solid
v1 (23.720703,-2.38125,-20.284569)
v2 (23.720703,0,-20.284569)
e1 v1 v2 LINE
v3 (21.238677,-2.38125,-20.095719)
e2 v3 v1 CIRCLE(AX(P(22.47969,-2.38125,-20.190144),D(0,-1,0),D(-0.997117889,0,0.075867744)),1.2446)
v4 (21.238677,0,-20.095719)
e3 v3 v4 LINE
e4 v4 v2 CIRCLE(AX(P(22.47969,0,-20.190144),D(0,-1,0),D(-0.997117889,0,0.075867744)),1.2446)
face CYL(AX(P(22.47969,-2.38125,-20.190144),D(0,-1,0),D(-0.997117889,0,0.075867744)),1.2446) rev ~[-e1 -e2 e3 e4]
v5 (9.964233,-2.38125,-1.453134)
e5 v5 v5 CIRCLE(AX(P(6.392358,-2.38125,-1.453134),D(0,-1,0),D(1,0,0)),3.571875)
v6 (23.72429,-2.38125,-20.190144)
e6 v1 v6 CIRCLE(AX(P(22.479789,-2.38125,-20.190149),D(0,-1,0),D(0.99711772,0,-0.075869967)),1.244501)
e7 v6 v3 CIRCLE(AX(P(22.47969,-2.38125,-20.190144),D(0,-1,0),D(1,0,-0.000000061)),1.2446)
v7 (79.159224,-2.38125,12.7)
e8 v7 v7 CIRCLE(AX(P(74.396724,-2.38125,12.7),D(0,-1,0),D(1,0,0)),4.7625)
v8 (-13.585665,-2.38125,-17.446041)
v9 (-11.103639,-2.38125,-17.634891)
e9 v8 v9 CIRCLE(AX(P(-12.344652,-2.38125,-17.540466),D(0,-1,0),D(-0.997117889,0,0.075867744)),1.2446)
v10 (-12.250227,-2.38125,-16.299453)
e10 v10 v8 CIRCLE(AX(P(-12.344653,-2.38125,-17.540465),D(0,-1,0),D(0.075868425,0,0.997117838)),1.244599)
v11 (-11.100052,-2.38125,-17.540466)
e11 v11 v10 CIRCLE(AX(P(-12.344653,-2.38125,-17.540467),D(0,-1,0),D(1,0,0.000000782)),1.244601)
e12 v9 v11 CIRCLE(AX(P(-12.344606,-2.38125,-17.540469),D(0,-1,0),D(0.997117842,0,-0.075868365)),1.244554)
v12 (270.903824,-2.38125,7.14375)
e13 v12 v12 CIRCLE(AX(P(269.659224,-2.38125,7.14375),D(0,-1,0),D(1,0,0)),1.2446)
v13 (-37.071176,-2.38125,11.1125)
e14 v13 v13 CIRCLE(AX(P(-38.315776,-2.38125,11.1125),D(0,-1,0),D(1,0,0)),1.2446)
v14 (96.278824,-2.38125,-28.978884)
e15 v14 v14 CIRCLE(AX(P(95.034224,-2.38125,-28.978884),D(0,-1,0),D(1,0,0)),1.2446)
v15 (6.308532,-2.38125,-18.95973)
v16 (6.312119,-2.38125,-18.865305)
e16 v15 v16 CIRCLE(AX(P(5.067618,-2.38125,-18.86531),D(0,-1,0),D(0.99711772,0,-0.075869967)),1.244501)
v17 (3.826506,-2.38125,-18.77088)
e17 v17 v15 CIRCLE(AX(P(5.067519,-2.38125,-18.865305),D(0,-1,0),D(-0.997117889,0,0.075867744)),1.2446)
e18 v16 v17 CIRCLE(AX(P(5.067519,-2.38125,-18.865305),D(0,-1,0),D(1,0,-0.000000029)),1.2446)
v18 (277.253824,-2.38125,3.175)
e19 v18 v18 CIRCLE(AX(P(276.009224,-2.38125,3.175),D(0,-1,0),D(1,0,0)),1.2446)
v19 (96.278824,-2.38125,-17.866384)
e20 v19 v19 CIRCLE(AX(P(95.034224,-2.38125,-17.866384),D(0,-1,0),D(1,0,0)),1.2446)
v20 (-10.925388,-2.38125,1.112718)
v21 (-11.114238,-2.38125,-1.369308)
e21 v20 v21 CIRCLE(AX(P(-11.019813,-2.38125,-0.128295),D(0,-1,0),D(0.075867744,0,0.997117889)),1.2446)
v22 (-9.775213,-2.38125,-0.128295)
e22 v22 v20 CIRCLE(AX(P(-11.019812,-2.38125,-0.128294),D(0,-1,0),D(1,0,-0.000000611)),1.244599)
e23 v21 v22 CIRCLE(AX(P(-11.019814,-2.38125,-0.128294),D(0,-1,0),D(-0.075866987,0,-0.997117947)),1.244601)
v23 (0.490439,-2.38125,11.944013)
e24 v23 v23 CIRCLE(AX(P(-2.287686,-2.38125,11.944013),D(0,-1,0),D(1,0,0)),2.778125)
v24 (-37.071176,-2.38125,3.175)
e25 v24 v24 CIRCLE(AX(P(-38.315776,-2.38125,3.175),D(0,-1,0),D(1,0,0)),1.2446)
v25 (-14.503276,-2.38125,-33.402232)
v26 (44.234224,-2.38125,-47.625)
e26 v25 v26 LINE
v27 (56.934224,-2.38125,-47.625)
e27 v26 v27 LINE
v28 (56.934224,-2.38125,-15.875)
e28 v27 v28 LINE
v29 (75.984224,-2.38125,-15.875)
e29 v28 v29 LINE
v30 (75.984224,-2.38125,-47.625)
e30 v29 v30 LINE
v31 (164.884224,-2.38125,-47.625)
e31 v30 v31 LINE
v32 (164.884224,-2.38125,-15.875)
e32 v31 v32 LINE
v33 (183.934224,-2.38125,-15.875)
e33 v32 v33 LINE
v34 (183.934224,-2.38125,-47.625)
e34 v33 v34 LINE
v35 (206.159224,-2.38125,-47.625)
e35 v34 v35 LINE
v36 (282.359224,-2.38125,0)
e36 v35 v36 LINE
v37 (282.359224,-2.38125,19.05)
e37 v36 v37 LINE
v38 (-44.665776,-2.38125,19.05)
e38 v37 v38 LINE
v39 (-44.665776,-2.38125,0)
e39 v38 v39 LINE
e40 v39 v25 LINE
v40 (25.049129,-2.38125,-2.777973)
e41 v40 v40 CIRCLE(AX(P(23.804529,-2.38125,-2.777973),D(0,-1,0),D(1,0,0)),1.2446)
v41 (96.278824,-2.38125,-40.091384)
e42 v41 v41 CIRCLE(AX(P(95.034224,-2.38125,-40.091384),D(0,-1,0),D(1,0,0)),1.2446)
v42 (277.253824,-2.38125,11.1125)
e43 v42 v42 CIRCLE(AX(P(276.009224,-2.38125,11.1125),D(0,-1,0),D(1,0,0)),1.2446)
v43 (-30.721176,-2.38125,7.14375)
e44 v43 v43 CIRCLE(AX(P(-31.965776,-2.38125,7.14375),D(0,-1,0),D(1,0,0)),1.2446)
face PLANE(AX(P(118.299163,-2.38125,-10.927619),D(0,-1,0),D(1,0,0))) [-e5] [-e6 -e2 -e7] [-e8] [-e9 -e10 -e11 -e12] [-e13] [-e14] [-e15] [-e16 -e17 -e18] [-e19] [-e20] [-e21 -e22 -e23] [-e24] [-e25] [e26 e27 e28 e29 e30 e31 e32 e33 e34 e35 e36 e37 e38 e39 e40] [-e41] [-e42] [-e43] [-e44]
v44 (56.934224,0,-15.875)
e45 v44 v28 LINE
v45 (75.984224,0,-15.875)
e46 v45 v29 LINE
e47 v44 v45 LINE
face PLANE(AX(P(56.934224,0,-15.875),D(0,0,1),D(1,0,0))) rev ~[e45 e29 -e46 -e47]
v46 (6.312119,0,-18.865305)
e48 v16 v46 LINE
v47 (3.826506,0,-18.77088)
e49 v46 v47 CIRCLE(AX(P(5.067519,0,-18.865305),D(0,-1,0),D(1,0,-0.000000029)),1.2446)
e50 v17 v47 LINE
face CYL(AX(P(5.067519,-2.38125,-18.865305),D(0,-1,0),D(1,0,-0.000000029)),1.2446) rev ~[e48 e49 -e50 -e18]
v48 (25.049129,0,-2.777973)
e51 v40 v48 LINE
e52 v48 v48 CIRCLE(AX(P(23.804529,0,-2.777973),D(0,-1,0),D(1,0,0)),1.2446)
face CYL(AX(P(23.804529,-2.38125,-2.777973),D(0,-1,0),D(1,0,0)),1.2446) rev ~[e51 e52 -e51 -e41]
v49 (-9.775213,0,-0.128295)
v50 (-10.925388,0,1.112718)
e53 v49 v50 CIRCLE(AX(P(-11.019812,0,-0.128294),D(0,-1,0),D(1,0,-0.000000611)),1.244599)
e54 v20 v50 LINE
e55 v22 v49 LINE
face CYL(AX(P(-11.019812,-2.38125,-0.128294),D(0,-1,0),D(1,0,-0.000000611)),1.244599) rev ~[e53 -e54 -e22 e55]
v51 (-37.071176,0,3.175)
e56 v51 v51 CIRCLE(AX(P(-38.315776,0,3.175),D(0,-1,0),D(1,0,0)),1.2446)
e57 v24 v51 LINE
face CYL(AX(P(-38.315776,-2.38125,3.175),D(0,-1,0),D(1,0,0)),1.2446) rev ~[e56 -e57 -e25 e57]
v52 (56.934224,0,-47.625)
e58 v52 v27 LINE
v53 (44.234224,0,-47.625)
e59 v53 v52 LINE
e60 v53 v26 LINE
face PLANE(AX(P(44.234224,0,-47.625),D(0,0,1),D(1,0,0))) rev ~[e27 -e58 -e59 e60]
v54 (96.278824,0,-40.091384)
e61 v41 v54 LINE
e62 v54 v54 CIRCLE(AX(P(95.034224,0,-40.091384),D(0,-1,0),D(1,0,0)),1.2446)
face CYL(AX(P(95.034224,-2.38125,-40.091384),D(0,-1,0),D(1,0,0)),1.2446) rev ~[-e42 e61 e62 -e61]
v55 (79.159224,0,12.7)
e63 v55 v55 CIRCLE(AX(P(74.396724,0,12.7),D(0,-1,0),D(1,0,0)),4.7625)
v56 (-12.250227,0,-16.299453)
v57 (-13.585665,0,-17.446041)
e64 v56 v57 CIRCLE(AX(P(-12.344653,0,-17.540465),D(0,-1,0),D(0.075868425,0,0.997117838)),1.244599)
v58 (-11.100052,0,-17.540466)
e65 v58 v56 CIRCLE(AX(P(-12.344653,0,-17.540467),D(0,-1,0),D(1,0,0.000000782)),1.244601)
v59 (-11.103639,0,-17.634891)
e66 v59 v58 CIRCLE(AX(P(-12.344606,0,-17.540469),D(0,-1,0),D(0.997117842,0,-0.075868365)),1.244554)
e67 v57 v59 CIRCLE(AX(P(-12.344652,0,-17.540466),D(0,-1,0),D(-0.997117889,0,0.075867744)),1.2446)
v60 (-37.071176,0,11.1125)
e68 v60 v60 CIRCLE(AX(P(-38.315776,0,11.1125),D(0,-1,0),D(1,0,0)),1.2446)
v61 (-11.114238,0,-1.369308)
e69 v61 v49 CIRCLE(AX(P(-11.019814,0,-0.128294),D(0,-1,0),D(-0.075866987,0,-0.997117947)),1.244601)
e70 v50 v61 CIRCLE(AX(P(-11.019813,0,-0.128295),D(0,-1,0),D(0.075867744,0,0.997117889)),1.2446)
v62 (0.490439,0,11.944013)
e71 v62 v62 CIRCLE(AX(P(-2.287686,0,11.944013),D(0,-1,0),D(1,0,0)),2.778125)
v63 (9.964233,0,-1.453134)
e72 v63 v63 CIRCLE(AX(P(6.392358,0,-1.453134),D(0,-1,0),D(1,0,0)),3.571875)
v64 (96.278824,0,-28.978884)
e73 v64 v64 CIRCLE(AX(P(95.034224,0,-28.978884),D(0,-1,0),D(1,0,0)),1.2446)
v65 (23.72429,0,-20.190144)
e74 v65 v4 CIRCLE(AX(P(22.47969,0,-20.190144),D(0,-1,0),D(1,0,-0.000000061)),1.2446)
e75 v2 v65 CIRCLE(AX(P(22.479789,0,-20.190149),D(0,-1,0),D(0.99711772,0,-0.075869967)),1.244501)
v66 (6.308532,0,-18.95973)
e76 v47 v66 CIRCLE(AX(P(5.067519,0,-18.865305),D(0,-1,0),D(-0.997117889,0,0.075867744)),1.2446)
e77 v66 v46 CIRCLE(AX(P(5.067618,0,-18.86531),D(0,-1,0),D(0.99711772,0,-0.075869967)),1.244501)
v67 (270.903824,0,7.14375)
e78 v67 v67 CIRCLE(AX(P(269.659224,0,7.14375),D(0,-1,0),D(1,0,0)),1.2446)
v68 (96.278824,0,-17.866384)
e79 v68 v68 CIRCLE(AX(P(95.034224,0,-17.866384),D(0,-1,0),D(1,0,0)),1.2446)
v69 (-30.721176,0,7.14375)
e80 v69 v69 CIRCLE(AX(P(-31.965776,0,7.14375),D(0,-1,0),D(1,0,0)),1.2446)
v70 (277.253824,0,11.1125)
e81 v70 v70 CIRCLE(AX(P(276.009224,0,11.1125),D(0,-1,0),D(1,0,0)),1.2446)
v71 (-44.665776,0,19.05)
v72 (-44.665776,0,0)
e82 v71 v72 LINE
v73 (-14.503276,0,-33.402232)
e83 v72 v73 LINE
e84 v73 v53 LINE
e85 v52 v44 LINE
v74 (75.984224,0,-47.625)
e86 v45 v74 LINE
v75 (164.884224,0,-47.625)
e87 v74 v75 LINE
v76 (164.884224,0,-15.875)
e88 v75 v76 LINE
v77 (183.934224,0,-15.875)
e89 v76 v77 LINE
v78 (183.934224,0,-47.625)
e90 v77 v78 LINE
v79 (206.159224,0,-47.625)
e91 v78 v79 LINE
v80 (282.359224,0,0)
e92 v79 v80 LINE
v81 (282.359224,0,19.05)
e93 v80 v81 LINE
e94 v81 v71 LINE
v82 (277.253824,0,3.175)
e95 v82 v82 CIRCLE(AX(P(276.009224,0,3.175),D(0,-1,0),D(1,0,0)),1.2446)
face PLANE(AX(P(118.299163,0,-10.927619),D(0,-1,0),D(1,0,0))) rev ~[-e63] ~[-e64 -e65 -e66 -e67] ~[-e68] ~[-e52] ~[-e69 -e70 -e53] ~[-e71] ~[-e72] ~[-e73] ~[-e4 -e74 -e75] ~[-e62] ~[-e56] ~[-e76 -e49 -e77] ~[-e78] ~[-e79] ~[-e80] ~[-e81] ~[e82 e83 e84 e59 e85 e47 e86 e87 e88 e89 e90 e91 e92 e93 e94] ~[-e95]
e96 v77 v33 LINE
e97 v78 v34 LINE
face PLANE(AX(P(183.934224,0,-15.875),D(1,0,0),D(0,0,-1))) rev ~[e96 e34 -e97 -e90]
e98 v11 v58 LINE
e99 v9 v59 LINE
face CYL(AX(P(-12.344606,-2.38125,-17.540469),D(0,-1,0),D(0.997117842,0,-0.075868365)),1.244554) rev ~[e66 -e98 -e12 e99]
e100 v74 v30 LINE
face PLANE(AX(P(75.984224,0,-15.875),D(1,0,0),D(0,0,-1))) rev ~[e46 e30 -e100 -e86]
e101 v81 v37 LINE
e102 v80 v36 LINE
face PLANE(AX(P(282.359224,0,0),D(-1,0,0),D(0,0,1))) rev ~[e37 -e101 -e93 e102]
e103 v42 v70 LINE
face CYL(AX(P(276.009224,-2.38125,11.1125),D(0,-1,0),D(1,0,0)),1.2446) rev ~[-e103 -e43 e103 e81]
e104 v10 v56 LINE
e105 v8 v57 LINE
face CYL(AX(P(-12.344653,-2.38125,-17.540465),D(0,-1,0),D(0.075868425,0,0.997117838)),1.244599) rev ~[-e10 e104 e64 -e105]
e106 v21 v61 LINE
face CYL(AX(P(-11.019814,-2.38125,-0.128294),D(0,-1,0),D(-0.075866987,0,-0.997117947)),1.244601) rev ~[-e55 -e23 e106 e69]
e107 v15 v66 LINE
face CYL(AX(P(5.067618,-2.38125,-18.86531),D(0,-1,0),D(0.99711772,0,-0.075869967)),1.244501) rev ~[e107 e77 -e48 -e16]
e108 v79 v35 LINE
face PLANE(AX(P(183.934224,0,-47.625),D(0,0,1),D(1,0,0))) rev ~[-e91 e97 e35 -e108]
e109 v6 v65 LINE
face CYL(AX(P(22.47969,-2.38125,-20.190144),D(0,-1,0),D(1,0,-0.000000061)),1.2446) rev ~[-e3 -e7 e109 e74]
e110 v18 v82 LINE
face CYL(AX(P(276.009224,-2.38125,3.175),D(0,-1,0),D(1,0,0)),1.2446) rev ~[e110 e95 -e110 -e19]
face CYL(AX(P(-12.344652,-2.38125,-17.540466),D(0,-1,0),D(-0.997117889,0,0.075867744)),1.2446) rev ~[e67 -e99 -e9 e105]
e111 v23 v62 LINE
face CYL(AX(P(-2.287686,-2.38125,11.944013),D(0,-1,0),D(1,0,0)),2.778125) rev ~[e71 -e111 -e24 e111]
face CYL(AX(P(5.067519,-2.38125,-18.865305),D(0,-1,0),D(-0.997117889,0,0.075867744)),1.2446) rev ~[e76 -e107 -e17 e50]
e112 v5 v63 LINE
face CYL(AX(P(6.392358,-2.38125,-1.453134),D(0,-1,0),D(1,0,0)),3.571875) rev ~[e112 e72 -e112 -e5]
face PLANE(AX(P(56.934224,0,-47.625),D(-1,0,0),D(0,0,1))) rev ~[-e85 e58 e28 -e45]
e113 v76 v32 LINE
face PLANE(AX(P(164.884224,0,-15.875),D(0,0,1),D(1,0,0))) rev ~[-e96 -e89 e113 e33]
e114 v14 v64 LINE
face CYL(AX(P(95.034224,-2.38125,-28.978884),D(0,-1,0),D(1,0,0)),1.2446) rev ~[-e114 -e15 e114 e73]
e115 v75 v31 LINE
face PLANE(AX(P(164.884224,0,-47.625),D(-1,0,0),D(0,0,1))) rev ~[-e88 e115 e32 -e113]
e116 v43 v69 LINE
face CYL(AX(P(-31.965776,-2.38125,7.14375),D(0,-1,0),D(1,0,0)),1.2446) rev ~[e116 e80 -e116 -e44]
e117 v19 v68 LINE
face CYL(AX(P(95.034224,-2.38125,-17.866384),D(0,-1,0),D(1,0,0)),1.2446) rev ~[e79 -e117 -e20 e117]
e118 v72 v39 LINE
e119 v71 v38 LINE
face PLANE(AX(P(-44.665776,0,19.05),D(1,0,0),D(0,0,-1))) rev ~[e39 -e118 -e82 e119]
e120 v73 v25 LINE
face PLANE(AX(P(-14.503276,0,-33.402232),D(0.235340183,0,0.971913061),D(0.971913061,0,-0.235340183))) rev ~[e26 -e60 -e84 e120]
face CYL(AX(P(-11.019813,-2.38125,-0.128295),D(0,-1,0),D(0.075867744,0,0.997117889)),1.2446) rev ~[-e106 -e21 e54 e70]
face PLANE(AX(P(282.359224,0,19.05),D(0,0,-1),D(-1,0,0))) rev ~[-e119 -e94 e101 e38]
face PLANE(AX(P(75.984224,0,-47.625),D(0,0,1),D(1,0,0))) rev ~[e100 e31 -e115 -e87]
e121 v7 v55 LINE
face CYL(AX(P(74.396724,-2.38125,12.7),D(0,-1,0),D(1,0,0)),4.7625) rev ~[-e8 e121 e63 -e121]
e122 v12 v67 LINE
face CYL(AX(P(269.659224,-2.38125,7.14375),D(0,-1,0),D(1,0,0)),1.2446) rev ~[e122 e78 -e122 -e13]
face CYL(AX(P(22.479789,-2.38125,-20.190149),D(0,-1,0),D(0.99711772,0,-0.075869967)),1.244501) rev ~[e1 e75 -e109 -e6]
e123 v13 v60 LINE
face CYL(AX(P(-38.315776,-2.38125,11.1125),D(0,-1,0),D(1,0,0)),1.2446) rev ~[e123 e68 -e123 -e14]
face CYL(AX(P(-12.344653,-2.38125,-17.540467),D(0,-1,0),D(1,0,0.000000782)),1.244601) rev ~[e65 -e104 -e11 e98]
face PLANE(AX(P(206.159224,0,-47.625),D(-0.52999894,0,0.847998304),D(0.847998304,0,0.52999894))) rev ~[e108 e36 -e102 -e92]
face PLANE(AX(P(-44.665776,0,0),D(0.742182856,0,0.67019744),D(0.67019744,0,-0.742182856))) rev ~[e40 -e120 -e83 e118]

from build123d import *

# Parameters (mm, degrees)
F1_DEPTH = 2.38125
F2_R     = 1.2446
F2_R_2   = 4.7625
F2_R_3   = 3.571875
F2_R_4   = 2.778125
F3_DEPTH = 2.38125


with BuildPart() as f1:
    # F0 (on Front) → F1 (new body)
    with BuildSketch(Plane.XZ):
        Polygon((282.359224, 19.05), (-44.665776, 19.05), (-44.665776, 0), (-14.503276, -33.402232), (44.234224, -47.625), (56.934224, -47.625), (56.934224, -15.875), (75.984224, -15.875), (75.984224, -47.625), (164.884224, -47.625), (164.884224, -15.875), (183.934224, -15.875), (183.934224, -47.625), (206.159224, -47.625), (282.359224, 0), align=None)
    extrude(amount=F1_DEPTH)

    # F2 (on face) → F3 (cut)
    with BuildSketch(Plane.XZ.offset(2.38125)):
        with Locations((276.009224, 11.1125)):
            Circle(F2_R)
        with Locations((276.009224, 3.175)):
            Circle(F2_R)
        with Locations((269.659224, 7.14375)):
            Circle(F2_R)
        with Locations((74.396724, 12.7)):
            Circle(F2_R_2)
        with Locations((95.034224, -17.866384)):
            Circle(F2_R)
        with Locations((95.034224, -28.978884)):
            Circle(F2_R)
        with Locations((95.034224, -40.091384)):
            Circle(F2_R)
        with Locations((-38.315776, 11.1125)):
            Circle(F2_R)
        with Locations((-38.315776, 3.175)):
            Circle(F2_R)
        with Locations((-31.965776, 7.14375)):
            Circle(F2_R)
        with BuildLine():
            ThreePointArc((21.238677, -20.095719), (22.385265, -21.431157), (23.720703, -20.284569))
            Line((23.720703, -20.284569), (21.238677, -20.095719))
        make_face()
        with BuildLine():
            ThreePointArc((-10.925388, 1.112718), (-12.260826, -0.03387), (-11.114238, -1.369308))
            Line((-11.114238, -1.369308), (-10.925388, 1.112718))
        make_face()
        with BuildLine():
            Line((-10.925388, 1.112718), (-11.114238, -1.369308))
            ThreePointArc((-11.114238, -1.369308), (-10.173791, -1.041134), (-9.775213, -0.128295))
            ThreePointArc((-9.775213, -0.128295), (-10.106974, 0.717728), (-10.925388, 1.112718))
        make_face()
        with BuildLine():
            ThreePointArc((-13.585665, -17.446041), (-12.439077, -18.781479), (-11.103639, -17.634891))
            Line((-11.103639, -17.634891), (-12.344652, -17.540466))
            Line((-12.344652, -17.540466), (-13.585665, -17.446041))
        make_face()
        with BuildLine():
            Line((-12.344652, -17.540466), (-11.103639, -17.634891))
            ThreePointArc((-11.103639, -17.634891), (-11.100949, -17.587712), (-11.100052, -17.540466))
            ThreePointArc((-11.100052, -17.540466), (-11.431813, -16.694444), (-12.250227, -16.299453))
            Line((-12.250227, -16.299453), (-12.344652, -17.540466))
        make_face()
        with BuildLine():
            ThreePointArc((3.826506, -18.77088), (4.973094, -20.106318), (6.308532, -18.95973))
            Line((6.308532, -18.95973), (3.826506, -18.77088))
        make_face()
        with BuildLine():
            Line((3.826506, -18.77088), (6.308532, -18.95973))
            ThreePointArc((6.308532, -18.95973), (6.311222, -18.912552), (6.312119, -18.865305))
            ThreePointArc((6.312119, -18.865305), (5.114765, -17.621602), (3.826506, -18.77088))
        make_face()
        with BuildLine():
            Line((21.238677, -20.095719), (23.720703, -20.284569))
            ThreePointArc((23.720703, -20.284569), (23.723393, -20.237391), (23.72429, -20.190144))
            ThreePointArc((23.72429, -20.190144), (22.526937, -18.946441), (21.238677, -20.095719))
        make_face()
        with BuildLine():
            Line((-13.585665, -17.446041), (-12.344652, -17.540466))
            Line((-12.344652, -17.540466), (-12.250227, -16.299453))
            ThreePointArc((-12.250227, -16.299453), (-13.155413, -16.596169), (-13.585665, -17.446041))
        make_face()
        with Locations((23.804529, -2.777973)):
            Circle(F2_R)
        with Locations((6.392358, -1.453134)):
            Circle(F2_R_3)
        with Locations((-2.287686, 11.944013)):
            Circle(F2_R_4)
    extrude(amount=-F3_DEPTH, mode=Mode.SUBTRACT)


solid = f1.part
